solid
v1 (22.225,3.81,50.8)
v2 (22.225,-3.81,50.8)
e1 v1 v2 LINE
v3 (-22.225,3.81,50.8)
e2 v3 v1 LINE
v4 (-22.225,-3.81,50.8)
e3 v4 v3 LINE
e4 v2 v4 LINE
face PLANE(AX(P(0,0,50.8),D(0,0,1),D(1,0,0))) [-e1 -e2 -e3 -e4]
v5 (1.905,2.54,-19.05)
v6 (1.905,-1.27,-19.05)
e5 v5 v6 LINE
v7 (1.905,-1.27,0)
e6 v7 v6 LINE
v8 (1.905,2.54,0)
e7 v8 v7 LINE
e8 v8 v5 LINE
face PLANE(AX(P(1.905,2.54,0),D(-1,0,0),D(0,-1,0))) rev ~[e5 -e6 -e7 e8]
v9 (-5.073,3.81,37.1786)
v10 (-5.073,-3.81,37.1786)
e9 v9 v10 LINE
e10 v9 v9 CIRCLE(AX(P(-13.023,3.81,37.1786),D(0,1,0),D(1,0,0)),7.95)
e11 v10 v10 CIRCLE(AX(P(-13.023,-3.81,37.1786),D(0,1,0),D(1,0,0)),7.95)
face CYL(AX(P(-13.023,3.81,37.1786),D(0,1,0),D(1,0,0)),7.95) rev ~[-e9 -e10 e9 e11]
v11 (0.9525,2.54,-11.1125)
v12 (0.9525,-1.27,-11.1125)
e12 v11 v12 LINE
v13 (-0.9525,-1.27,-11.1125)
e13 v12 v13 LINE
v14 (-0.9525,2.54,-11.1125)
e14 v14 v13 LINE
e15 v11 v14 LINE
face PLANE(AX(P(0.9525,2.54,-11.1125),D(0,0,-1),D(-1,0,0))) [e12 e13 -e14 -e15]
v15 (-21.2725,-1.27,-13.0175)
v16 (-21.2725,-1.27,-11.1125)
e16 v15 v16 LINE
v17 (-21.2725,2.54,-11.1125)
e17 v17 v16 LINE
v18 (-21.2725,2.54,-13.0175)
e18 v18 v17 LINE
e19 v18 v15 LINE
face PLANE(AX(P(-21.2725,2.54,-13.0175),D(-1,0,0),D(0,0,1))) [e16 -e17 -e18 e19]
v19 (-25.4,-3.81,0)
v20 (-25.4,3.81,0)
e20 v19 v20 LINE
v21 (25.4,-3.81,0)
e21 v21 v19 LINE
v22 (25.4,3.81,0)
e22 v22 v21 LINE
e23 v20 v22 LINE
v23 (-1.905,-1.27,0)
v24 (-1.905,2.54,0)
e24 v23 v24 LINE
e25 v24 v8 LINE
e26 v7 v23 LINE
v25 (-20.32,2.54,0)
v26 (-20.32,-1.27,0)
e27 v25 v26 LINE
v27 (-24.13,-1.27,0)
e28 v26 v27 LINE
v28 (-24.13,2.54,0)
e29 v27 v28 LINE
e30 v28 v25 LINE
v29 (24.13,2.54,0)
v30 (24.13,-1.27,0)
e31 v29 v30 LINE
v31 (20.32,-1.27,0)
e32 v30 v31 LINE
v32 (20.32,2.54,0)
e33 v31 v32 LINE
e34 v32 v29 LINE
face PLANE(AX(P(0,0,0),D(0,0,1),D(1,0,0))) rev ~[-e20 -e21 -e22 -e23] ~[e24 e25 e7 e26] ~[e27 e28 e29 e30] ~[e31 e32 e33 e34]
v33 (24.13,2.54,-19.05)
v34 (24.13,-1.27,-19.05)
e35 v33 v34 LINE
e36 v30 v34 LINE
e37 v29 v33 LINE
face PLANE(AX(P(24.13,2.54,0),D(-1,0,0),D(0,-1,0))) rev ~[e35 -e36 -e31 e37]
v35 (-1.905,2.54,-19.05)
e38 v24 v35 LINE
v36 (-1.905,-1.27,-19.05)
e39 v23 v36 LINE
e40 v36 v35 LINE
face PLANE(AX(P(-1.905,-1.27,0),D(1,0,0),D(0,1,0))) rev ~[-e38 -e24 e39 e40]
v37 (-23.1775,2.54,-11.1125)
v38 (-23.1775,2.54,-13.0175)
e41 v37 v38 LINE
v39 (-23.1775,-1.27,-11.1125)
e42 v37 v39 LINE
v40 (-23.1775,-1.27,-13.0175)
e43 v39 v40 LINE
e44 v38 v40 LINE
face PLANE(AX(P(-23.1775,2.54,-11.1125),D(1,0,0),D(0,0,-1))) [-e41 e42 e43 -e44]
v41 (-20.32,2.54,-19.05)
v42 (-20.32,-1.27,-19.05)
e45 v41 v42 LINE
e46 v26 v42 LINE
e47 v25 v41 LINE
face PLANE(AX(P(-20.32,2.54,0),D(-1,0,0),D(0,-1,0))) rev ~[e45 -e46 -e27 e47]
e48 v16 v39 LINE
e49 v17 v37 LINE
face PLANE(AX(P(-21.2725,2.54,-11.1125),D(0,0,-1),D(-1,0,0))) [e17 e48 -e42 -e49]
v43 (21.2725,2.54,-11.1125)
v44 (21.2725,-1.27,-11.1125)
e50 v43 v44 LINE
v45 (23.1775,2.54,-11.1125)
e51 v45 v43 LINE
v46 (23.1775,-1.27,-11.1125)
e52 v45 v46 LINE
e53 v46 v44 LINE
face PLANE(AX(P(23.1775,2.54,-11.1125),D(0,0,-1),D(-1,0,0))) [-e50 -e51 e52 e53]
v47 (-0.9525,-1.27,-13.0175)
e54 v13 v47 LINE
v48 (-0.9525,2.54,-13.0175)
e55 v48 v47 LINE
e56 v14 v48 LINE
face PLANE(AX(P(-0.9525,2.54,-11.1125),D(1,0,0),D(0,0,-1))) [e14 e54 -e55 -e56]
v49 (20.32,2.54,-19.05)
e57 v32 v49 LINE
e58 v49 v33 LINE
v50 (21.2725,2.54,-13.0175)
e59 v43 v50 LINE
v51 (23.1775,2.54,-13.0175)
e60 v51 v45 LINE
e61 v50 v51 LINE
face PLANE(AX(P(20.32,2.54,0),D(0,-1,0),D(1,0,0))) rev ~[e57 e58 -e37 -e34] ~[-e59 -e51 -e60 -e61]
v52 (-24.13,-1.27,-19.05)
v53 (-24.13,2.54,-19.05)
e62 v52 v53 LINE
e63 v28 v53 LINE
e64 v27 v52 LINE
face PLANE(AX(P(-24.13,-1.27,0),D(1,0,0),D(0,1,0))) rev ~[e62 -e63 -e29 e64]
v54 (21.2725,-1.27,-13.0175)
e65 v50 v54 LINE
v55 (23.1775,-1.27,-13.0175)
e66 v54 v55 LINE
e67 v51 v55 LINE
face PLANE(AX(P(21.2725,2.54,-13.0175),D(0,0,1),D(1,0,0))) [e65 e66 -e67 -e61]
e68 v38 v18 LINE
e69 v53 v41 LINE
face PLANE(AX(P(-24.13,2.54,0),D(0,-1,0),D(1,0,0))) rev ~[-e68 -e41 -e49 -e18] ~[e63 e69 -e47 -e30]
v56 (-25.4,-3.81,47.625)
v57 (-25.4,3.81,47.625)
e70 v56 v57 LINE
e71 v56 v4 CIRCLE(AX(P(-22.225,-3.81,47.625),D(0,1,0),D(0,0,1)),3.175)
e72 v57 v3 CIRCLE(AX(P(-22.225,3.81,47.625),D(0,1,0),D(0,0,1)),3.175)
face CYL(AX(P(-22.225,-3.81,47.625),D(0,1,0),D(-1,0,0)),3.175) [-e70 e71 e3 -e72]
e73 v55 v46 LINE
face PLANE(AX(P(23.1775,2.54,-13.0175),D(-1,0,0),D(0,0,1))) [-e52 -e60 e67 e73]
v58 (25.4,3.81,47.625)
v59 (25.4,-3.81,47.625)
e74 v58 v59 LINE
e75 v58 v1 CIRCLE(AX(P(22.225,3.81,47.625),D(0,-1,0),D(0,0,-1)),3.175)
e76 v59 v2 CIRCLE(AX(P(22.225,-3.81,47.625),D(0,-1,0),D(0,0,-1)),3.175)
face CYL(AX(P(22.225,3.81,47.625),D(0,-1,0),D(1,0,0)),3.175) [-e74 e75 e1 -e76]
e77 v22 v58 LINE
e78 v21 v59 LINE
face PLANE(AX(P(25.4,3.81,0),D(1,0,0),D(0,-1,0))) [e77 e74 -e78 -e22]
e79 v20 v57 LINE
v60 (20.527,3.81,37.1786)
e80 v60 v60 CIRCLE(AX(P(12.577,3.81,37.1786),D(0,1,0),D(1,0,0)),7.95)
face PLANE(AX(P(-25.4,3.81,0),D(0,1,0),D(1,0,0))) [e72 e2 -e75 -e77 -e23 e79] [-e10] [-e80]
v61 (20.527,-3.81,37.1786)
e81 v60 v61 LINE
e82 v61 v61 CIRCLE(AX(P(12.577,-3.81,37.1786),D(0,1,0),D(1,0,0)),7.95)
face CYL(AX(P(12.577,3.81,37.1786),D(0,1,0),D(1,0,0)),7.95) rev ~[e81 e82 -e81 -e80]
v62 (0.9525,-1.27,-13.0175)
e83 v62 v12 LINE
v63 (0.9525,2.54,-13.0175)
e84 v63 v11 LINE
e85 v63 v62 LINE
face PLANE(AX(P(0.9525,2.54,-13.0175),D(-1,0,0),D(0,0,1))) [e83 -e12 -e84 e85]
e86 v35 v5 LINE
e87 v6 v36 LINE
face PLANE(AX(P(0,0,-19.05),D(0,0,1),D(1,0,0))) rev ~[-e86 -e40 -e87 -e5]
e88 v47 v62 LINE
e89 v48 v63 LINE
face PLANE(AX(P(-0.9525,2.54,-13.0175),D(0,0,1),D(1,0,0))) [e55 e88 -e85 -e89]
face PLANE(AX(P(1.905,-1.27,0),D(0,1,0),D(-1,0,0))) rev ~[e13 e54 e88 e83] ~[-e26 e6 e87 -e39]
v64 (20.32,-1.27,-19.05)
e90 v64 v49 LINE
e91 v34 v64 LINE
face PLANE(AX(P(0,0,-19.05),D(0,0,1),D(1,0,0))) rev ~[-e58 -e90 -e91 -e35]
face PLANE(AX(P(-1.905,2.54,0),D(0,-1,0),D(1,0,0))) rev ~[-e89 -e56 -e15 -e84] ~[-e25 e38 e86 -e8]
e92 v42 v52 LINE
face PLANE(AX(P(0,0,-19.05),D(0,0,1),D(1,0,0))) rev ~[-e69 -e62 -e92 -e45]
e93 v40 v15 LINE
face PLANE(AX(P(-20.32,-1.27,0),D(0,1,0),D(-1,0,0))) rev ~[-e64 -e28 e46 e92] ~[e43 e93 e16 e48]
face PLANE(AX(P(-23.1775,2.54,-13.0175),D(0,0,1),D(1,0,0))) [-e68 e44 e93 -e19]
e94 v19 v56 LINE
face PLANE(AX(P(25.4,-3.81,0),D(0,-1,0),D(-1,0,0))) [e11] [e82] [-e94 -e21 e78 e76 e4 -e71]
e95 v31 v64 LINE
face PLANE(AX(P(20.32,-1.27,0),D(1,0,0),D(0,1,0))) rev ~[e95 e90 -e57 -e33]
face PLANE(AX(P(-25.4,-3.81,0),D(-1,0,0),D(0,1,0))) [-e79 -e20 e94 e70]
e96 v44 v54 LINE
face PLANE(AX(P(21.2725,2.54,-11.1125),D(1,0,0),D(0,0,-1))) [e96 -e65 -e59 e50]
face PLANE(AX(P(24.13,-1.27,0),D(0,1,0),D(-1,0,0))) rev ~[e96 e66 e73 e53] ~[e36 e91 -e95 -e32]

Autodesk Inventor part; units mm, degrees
ref_plane "YZ Plane" through (0, 0, 0) normal (1, 0, 0) x (0, 1, 0)
ref_plane "XZ Plane" through (0, 0, 0) normal (0, 1, 0) x (-1, 0, 0)
ref_plane "XY Plane" through (0, 0, 0) normal (0, 0, 1) x (1, 0, 0)
ref_plane "Work Plane1" through (0, 0, 0) normal (0, 0, 1) x (1, 0, 0)
sketch "Sketch1" plane through (0, 0, 0) normal (0, 0, 1) x (1, 0, 0)
  line L0 (24.13, -1.27) -> (20.32, -1.27) projected
  line L1 (20.32, -1.27) -> (20.32, 2.54) projected
  line L2 (20.32, 2.54) -> (24.13, 2.54) projected
  line L3 (24.13, 2.54) -> (24.13, -1.27) projected
  line L4 (-1.905, -1.27) -> (-1.905, 2.54) projected
  line L5 (-1.905, 2.54) -> (1.905, 2.54) projected
  line L6 (1.905, 2.54) -> (1.905, -1.27) projected
  line L7 (1.905, -1.27) -> (-1.905, -1.27) projected
  line L8 (-20.32, 2.54) -> (-20.32, -1.27) projected
  line L9 (-20.32, -1.27) -> (-24.13, -1.27) projected
  line L10 (-24.13, -1.27) -> (-24.13, 2.54) projected
  line L11 (-24.13, 2.54) -> (-20.32, 2.54) projected
  line L12 (-25.4, 3.81) -> (25.4, 3.81) projected
  line L13 (-25.4, -3.81) -> (-25.4, 3.81) projected
  line L14 (25.4, -3.81) -> (-25.4, -3.81) projected
  line L15 (25.4, 3.81) -> (25.4, -3.81) projected
  point P0 (0, 0)
extrude "Extrusion1" add sketch "Sketch1" against normal blind 19.05 contours L0 L1 L2 L3 | L4 L5 L6 L7 | L8 L9 L10 L11
sketch "Sketch2" plane through (-24.13, 2.54, 0) normal (0, 1, 0) x (1, 0, 0)
  line L0 (47.3075, 11.1125) -> (45.4025, 11.1125) projected
  line L1 (45.4025, 11.1125) -> (45.4025, 13.0175) projected
  line L2 (45.4025, 13.0175) -> (47.3075, 13.0175) projected
  line L3 (47.3075, 13.0175) -> (47.3075, 11.1125) projected
  line L4 (23.1775, 13.0175) -> (25.0825, 13.0175) projected
  line L5 (25.0825, 13.0175) -> (25.0825, 11.1125) projected
  line L6 (25.0825, 11.1125) -> (23.1775, 11.1125) projected
  line L7 (23.1775, 11.1125) -> (23.1775, 13.0175) projected
  line L8 (0.9525, 13.0175) -> (2.8575, 13.0175) projected
  line L9 (2.8575, 13.0175) -> (2.8575, 11.1125) projected
  line L10 (2.8575, 11.1125) -> (0.9525, 11.1125) projected
  line L11 (0.9525, 11.1125) -> (0.9525, 13.0175) projected
  point P0 (24.13, 0)
extrude "Extrusion2" cut sketch "Sketch2" against normal blind 3.81
ref_plane "Work Plane2" through (0, 0, 0) normal (0, 0, 1) x (1, 0, 0)
sketch "Sketch3" plane through (0, 0, 0) normal (0, 0, 1) x (1, 0, 0)
  line L0 (24.13, -1.27) -> (20.32, -1.27) projected
  line L1 (20.32, -1.27) -> (20.32, 2.54) projected
  line L2 (20.32, 2.54) -> (24.13, 2.54) projected
  line L3 (24.13, 2.54) -> (24.13, -1.27) projected
  line L4 (-1.905, -1.27) -> (-1.905, 2.54) projected
  line L5 (-1.905, 2.54) -> (1.905, 2.54) projected
  line L6 (1.905, 2.54) -> (1.905, -1.27) projected
  line L7 (1.905, -1.27) -> (-1.905, -1.27) projected
  line L8 (-20.32, 2.54) -> (-20.32, -1.27) projected
  line L9 (-20.32, -1.27) -> (-24.13, -1.27) projected
  line L10 (-24.13, -1.27) -> (-24.13, 2.54) projected
  line L11 (-24.13, 2.54) -> (-20.32, 2.54) projected
  line L12 (-25.4, 3.81) -> (25.4, 3.81) projected
  line L13 (-25.4, -3.81) -> (-25.4, 3.81) projected
  line L14 (25.4, -3.81) -> (-25.4, -3.81) projected
  line L15 (25.4, 3.81) -> (25.4, -3.81) projected
  point P0 (0, 0)
extrude "Extrusion3" add sketch "Sketch3" along normal blind 50.8 contours L0 L1 L2 L3 | L4 L5 L6 L7 | L8 L9 L10 L11 | L12 L15 L14 L13
sketch "Sketch4" plane through (-25.4, 3.81, 0) normal (0, 1, 0) x (1, 0, 0)
  circle A0 centre (12.377, -37.1786) radius 7.95 projected
  circle A1 centre (37.977, -37.1786) radius 7.95 projected
  line L0 (50.8, -50.8) -> (0, -50.8) projected
  point P0 (25.4, 0)
  dimension "d6" = 15.9
  dimension "d7" = 15.9
  dimension "d8" = 13.6214
extrude "Extrusion4" cut sketch "Sketch4" against normal blind 7.62
fillet "Fillet1" radius 3.175 2 edges at (-25.4, 0, 50.8) (25.4, 0, 50.8)
properties part number "Ultrasonic Mount_3DPrint"
